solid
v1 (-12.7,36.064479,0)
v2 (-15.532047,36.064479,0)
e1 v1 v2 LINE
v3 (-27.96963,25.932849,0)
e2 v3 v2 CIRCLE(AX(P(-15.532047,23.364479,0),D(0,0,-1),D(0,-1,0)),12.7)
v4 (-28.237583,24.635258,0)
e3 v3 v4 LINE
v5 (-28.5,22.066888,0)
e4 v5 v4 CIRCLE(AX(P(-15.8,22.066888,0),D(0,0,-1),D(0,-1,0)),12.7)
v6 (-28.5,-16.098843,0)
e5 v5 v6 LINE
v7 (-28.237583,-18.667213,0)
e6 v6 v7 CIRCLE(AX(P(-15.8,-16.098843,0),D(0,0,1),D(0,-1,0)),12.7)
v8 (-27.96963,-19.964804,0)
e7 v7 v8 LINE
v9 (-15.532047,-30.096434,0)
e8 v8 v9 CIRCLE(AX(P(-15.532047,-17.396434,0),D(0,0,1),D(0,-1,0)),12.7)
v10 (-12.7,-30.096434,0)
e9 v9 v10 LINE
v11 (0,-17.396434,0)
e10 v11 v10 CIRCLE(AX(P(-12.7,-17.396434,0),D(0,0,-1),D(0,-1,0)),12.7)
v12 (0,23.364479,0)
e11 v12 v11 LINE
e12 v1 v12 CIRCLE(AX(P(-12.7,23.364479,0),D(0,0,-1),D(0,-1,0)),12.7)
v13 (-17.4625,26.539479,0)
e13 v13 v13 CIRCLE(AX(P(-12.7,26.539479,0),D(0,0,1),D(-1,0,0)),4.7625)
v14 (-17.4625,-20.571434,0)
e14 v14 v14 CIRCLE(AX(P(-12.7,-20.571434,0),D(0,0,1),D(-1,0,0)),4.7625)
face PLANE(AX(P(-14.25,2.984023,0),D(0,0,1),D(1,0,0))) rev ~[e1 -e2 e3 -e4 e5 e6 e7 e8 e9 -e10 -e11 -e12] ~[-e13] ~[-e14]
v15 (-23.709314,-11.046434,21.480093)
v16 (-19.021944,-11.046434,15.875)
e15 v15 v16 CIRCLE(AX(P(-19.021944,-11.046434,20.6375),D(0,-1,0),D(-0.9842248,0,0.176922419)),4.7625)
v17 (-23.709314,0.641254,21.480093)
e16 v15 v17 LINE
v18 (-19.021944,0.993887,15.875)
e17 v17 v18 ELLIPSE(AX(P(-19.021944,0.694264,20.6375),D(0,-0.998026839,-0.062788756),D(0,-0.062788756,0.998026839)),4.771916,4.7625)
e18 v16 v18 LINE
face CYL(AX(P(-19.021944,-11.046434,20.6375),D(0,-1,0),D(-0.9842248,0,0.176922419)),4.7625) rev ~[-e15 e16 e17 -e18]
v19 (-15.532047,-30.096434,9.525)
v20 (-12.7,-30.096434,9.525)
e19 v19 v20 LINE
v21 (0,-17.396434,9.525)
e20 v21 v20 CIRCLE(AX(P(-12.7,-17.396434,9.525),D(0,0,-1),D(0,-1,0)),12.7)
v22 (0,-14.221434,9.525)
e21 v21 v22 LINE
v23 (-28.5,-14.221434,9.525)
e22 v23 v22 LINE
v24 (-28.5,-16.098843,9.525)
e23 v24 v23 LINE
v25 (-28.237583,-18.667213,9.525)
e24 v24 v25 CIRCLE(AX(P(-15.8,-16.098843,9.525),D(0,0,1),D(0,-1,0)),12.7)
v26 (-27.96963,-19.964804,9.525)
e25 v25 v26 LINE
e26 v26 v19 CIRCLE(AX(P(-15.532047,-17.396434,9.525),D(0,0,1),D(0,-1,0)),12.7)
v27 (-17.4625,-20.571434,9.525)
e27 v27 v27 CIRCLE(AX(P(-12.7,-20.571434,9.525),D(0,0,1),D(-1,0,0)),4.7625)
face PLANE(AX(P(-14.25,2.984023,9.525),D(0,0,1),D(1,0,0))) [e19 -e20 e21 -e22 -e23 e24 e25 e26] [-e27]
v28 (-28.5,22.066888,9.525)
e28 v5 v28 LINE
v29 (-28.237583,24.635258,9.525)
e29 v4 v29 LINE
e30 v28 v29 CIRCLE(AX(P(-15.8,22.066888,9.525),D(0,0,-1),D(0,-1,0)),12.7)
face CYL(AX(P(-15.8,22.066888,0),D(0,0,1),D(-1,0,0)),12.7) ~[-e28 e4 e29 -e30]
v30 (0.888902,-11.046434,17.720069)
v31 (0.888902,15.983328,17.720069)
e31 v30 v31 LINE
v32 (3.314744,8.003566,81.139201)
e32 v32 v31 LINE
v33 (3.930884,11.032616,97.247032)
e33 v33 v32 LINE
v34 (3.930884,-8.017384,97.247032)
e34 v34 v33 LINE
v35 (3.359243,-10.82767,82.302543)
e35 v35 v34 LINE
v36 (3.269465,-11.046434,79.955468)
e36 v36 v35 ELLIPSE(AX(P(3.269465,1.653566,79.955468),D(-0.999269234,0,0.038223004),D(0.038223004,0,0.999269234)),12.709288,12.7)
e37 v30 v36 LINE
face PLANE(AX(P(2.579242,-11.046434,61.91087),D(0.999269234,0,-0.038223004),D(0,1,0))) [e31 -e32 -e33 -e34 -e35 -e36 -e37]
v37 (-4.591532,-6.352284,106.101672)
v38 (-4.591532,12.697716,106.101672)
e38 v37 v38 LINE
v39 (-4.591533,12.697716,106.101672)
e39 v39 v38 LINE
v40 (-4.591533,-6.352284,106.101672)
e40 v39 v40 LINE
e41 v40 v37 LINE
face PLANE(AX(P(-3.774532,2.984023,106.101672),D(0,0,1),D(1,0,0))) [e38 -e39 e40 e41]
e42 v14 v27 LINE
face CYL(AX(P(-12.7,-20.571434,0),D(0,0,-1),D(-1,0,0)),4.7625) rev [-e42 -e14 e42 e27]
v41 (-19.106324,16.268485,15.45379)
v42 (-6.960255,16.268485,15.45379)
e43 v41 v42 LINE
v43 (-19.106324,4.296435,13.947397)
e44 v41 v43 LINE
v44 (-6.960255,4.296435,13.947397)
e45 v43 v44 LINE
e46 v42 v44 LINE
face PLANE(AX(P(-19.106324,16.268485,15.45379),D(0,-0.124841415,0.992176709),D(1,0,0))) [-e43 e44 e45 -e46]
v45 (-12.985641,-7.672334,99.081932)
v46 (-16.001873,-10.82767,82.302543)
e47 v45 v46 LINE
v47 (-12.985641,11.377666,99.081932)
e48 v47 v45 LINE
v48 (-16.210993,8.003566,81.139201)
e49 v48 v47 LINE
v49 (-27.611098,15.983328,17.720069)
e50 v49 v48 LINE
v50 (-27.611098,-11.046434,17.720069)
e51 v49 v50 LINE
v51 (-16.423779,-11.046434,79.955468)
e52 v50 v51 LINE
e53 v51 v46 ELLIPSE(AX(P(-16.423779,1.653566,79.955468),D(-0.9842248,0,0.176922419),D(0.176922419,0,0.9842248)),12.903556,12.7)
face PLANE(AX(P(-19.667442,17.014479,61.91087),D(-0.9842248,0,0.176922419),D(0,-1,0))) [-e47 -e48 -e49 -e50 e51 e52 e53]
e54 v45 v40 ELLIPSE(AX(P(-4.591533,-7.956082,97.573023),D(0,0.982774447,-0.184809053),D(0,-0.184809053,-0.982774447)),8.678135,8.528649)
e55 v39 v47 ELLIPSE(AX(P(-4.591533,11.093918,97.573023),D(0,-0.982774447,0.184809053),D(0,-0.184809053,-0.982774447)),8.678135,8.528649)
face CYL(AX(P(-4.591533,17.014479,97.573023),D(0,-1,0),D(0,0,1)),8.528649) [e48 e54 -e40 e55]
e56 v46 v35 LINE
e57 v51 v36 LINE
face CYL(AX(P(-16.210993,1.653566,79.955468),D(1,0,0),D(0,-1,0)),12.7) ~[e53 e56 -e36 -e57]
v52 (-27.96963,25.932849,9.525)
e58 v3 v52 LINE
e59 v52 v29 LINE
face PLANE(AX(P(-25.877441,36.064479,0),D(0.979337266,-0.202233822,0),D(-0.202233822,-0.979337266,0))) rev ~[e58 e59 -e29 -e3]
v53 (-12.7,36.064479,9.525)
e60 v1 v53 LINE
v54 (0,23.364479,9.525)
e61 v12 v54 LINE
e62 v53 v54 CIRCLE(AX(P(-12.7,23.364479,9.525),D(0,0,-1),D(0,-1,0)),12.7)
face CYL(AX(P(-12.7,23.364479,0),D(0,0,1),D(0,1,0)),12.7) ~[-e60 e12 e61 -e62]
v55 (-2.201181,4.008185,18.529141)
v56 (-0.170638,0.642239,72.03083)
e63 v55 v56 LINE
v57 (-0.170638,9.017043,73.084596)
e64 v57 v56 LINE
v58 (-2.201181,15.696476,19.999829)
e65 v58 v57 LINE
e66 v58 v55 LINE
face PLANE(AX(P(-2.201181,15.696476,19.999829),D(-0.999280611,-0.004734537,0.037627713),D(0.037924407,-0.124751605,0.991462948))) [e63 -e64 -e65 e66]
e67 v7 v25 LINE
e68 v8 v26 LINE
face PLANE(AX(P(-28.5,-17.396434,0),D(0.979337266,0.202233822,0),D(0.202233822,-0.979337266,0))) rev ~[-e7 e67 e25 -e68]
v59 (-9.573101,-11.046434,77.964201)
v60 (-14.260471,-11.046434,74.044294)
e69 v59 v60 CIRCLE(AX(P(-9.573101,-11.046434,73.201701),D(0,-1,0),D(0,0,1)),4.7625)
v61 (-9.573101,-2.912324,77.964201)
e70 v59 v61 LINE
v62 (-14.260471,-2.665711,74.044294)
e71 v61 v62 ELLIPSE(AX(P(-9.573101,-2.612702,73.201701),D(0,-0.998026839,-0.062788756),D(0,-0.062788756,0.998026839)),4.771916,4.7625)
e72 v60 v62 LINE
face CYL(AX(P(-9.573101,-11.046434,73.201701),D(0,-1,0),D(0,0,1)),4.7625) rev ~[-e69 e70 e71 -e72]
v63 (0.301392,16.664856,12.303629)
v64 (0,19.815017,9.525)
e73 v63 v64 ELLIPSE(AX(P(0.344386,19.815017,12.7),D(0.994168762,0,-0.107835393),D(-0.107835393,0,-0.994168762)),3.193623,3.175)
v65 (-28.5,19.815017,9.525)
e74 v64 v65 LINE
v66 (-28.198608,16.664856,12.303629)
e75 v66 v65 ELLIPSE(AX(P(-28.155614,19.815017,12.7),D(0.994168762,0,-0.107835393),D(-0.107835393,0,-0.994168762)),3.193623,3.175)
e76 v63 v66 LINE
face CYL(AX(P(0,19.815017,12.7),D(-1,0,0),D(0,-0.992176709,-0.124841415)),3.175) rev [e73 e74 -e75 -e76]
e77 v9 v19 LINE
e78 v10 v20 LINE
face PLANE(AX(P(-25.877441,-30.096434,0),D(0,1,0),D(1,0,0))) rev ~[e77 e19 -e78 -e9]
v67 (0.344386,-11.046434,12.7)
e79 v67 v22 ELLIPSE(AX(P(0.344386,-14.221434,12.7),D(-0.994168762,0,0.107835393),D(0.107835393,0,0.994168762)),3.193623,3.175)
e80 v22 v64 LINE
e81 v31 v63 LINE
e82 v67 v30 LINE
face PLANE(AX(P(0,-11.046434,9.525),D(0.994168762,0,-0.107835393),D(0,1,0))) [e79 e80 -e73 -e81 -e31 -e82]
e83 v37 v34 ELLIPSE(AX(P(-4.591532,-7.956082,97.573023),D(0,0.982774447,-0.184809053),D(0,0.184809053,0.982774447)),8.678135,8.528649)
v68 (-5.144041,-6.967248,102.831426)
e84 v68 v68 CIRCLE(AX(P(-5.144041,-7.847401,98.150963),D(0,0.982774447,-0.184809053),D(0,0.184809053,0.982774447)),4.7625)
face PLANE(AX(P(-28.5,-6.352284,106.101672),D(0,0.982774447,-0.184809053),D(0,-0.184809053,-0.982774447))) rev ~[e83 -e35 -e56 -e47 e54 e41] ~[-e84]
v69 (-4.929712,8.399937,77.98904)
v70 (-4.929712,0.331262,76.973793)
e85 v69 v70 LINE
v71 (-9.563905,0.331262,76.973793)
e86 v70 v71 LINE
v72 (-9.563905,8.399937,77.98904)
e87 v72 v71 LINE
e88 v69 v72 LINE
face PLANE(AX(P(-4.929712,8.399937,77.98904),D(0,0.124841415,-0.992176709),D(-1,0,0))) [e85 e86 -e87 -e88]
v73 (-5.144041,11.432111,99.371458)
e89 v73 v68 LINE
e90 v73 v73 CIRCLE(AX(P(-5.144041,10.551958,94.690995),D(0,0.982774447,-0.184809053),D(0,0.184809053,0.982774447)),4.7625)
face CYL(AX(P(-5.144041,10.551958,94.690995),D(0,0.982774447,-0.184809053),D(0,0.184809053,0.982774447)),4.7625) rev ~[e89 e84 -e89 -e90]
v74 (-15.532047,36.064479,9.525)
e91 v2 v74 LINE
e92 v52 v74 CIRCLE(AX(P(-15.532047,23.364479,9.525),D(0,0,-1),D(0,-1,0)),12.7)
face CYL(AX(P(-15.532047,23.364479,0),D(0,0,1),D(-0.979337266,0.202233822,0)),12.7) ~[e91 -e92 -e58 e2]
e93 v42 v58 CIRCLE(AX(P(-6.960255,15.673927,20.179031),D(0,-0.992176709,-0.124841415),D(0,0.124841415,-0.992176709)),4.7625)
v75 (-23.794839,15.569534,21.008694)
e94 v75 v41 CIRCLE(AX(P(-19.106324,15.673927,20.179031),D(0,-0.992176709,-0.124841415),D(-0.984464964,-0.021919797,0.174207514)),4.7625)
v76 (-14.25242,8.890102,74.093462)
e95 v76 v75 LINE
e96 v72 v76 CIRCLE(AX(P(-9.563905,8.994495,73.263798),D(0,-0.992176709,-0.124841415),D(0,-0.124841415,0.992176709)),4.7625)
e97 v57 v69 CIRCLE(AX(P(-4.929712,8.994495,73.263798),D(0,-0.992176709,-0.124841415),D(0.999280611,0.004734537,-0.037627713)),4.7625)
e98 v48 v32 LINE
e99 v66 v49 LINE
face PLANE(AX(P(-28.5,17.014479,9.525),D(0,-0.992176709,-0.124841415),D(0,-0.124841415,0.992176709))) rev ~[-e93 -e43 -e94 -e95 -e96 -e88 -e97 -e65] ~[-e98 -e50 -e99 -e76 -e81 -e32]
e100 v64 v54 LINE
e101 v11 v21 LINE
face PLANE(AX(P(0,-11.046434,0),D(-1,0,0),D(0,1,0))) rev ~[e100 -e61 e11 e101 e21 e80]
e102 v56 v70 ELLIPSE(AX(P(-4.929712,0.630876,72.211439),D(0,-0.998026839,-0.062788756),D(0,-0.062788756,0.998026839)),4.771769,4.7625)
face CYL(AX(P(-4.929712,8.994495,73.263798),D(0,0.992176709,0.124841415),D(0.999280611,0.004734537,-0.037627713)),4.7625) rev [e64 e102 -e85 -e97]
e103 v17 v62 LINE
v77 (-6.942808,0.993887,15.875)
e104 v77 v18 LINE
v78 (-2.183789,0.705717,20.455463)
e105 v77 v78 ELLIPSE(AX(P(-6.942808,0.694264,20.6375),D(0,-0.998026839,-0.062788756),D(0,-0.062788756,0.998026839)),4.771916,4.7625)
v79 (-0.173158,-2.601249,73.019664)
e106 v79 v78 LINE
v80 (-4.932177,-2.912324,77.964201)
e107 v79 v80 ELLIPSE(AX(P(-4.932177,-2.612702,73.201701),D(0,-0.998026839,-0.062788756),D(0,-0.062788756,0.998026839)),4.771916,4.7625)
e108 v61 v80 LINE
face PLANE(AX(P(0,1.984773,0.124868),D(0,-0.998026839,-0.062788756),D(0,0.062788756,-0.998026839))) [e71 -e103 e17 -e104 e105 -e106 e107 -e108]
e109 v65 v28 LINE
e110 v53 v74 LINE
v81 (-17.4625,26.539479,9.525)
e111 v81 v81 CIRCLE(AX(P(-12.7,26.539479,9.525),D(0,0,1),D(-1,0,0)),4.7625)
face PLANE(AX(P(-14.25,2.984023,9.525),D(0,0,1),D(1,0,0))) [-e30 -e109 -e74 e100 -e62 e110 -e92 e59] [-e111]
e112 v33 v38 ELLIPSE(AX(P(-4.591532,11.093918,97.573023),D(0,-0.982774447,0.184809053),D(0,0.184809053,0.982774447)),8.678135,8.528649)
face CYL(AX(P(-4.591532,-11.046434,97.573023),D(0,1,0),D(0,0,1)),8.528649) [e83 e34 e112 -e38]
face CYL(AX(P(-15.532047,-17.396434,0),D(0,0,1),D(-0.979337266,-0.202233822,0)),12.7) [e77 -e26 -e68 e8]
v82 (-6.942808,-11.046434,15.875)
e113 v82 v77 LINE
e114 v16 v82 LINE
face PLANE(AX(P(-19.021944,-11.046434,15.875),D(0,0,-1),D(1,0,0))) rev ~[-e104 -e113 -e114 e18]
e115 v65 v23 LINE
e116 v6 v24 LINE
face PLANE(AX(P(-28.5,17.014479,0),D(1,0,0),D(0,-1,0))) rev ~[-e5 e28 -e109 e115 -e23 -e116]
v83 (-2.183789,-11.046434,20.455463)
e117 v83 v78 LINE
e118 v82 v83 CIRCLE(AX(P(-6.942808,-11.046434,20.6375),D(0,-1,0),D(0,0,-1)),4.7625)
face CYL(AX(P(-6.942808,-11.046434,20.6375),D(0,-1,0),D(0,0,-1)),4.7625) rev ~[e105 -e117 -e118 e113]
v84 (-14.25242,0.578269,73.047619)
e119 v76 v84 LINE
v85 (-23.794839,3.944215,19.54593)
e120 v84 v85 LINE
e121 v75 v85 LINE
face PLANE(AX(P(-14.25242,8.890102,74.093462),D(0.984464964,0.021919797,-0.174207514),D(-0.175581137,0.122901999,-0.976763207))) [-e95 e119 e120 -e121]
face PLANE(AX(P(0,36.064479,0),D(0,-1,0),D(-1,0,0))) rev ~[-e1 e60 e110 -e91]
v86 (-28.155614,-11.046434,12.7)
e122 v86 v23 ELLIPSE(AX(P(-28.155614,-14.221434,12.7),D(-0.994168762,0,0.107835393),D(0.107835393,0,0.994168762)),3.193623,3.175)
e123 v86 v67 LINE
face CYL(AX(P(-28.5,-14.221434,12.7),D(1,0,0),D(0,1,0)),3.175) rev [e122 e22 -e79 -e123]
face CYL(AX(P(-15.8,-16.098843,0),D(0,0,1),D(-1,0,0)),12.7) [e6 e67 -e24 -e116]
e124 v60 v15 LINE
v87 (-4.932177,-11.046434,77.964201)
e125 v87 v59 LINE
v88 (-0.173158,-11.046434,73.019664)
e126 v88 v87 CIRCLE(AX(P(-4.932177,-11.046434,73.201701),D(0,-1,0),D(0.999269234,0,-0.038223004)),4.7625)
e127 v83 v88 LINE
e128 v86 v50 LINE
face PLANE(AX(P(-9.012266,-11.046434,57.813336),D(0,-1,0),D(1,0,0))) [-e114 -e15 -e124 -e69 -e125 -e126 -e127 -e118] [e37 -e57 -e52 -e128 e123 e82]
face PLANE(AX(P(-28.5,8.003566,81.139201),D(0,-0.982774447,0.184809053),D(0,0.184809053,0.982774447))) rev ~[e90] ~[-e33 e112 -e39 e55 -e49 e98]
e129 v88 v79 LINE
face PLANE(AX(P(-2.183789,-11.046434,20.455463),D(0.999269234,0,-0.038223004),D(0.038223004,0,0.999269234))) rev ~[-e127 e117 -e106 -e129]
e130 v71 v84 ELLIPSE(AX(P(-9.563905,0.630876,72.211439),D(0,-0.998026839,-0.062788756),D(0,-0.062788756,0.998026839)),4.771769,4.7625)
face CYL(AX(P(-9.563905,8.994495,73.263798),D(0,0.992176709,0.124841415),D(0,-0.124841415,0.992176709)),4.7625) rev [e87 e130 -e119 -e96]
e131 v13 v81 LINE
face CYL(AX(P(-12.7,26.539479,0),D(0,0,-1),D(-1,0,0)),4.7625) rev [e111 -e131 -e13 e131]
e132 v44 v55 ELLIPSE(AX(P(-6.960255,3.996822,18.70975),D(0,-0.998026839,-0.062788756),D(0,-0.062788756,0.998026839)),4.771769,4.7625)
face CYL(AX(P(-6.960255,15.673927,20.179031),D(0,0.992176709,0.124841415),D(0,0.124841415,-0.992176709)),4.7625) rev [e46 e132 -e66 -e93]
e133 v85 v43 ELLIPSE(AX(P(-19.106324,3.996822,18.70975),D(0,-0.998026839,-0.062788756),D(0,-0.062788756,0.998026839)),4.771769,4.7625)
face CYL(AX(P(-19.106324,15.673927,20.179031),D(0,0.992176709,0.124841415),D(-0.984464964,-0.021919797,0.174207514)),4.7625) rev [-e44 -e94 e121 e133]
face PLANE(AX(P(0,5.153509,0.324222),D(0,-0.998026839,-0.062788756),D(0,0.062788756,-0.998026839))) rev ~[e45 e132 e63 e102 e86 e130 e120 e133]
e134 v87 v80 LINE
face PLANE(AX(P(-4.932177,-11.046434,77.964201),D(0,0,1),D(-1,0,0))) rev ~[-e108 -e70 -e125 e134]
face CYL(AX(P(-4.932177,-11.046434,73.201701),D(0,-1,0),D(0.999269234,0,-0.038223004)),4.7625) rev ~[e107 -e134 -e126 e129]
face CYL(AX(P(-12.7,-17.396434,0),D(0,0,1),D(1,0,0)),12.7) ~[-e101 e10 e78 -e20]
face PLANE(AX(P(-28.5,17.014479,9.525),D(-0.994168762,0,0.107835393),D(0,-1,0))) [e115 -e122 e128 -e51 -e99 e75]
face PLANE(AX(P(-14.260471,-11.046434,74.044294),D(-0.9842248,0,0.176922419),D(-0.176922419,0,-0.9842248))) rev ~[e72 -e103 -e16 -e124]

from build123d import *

# Parameters (mm, degrees)
SKETCH1_R           = 4.762499999999989
SKETCH1_R_2         = 4.762500000000005
BOSS_EXTRUDE1_DEPTH = 9.525
CHAMFER1_SIZE       = 88.89999999999999
CHAMFER1_SIZE2      = 6.20588556630559
CHAMFER2_SIZE       = 88.89999999999999
CHAMFER2_SIZE2      = 6.300746042301969
FILLET1_R           = 8.528649
CUT_EXTRUDE2_DEPTH  = 117.6635246642072
FILLET4_R           = 3.175
CUT_EXTRUDE3_REACH  = 119.909
FILLET5_R           = 12.7
FILLET6_R           = 12.7
SKETCH15_R          = 4.7624999999999975
CUT_EXTRUDE7_DEPTH  = 117.82072113018388
FILLET9_R           = 12.7
CUT_EXTRUDE8_REACH  = 121.538
FILLET10_R          = 12.7


with BuildPart() as part:
    # Sketch1 → Boss-Extrude1 (new body)
    # profile 1 of 3: a face of its own
    with BuildSketch(Plane.XY):
        Polygon((-28.50000000000001, 23.36447913627793), (-28.500000000000007, 17.01447913627793), (-1.421e-14, 17.01447913627793), (-1.388e-14, 36.06447913627791), (-25.877441230163292, 36.06447913627793), align=None)
        with Locations(Location((-12.700000000000017, 26.539479136277926, 0), (0, 0, 180))):
            Circle(SKETCH1_R, mode=Mode.SUBTRACT)
    # profile 2 of 3: a face of its own
    with BuildSketch(Plane.XY):
        Polygon((1.421e-14, -11.046434023496033), (-28.499999999999996, -11.046434023496033), (-28.499999999999996, -17.396434023496035), (-25.877441230163278, -30.09643402349603), (1.421e-14, -30.09643402349603), align=None)
        with Locations(Location((-12.699999999999989, -20.571434023496032, 0), (0, 0, 180))):
            Circle(SKETCH1_R_2, mode=Mode.SUBTRACT)
    # profile 3 of 3: a face of its own
    with BuildSketch(Plane.XY):
        Polygon((-28.500000000000007, 17.01447913627793), (-28.5, -11.046434023496033), (1.421e-14, -11.046434023496033), (-5.89e-15, 17.014479136277927), align=None)
    extrude(amount=BOSS_EXTRUDE1_DEPTH)

    # Sweep1: sweep along a path in Sketch4
    with BuildLine(Plane(origin=(0, -11.046434023496033, 0), x_dir=(1, 0, 0), z_dir=(0, 1, 0))) as sweep1_path:
        Line((-14.249999999999991, -9.525), (-5.144041152540681, -93.4757286489478))
        Line((-5.144041152540681, -93.4757286489478), (-3.7745316583277084, -106.10167193035296))
    # Sketch3 → Sweep1 (sweep)
    with BuildSketch(Plane.XY.offset(9.525)):
        Polygon((-28.499999999999996, -11.046434023496033), (1.388e-14, -11.046434023496033), (-1.388e-14, 17.01447913627793), (-28.50000000000001, 17.01447913627793), align=None)
    sweep(path=sweep1_path.line)

    # Chamfer1
    chamfer1_edges = [part.edges().sort_by_distance(p)[0] for p in [
        (10.475468341672286, 2.9840225563909506, 106.10167193035296),
    ]]
    chamfer1_side = [part.faces().sort_by_distance(p)[0] for p in [
        (5.237734170836156, 2.9840225563909497, 57.813335965176485),
    ]]
    chamfer(chamfer1_edges, length=CHAMFER1_SIZE, length2=CHAMFER1_SIZE2, reference=chamfer1_side[0])

    # Chamfer2
    chamfer2_edges = [part.edges().sort_by_distance(p)[0] for p in [
        (-18.02453165832772, 2.984022556390949, 106.10167193035296),
    ]]
    chamfer2_side = [part.faces().sort_by_distance(p)[0] for p in [
        (-23.26226582916385, 2.9840225563909497, 57.813335965176506),
    ]]
    chamfer(chamfer2_edges, length=CHAMFER2_SIZE, length2=CHAMFER2_SIZE2, reference=chamfer2_side[0])

    # Fillet1
    fillet1_edges = [part.edges().sort_by_distance(p)[0] for p in [
        (4.269582775366721, 2.984022556390949, 106.10167193035296),
        (-11.72378561602573, 2.984022556390949, 106.10167193035296),
    ]]
    fillet(fillet1_edges, radius=FILLET1_R)

    # Sketch6 → Cut-Extrude2 (cut, through all)
    with BuildSketch(Plane.ZY.offset(28.500000000000004)):
        Polygon((81.13920097504592, 8.003565976503973), (106.10167193035296, 12.697715932081872), (106.10167193035296, -6.352284067918128), (81.13920097504591, -11.046434023496026), (117.96042684070639, -22.85606140259037), (128.32769329374543, 30.37810454166645), (17.720068960516624, 36.90132837728653), (9.525, 17.01447913627794), align=None)
    extrude(amount=-CUT_EXTRUDE2_DEPTH, mode=Mode.SUBTRACT)

    # Fillet4
    fillet4_edges = [part.edges().sort_by_distance(p)[0] for p in [
        (-14.249999999999995, -11.046434023496033, 9.525),
        (-14.25000000000001, 17.01447913627793, 9.525),
    ]]
    fillet(fillet4_edges, radius=FILLET4_R)

    # Cut-Extrude3: up to this plane
    cut_extrude3_end = Plane(origin=(-1.02e-15, 5.153508696821327, 0.3242221424168255), z_dir=(0, -0.9980268393792456, -0.06278875598921893))
    # Sketch8 → Cut-Extrude3 (cut, up to the surface)
    with BuildSketch(Plane(origin=(-6.1e-15, 17.929113719354145, 2.255944834364728), x_dir=(1, 3.4e-16, 4e-17), z_dir=(0, 0.9921767086467868, 0.12484141467810073)), mode=Mode.PRIVATE) as cut_extrude3_sk1:
        with BuildLine():
            ThreePointArc((-6.960254723021977, -13.301909437066078), (-3.6571329134227537, -14.633550570696002), (-2.2011808134518622, -17.88379445084032))
            Line((-2.2011808134518622, -17.88379445084032), (-0.1706376662483526, -71.38713388044914))
            ThreePointArc((-0.1706376662483526, -71.38713388044914), (-1.4988527094483572, -74.87087067627415), (-4.929711575818469, -76.33024886667496))
            Line((-4.929711575818469, -76.33024886667496), (-9.56390547472291, -76.33024886667496))
            ThreePointArc((-9.56390547472291, -76.33024886667496), (-12.621598981127008, -75.21903859372955), (-14.252419863558515, -72.40395403030512))
            Line((-14.252419863558515, -72.40395403030512), (-23.79483884579154, -18.9006146006963))
            ThreePointArc((-23.79483884579154, -18.9006146006963), (-22.75761418401056, -15.006715930662008), (-19.10632445695593, -13.301909437066078))
            Line((-19.10632445695593, -13.301909437066078), (-6.960254723021977, -13.301909437066078))
        make_face()
    cut_extrude3_tool1 = split(extrude(cut_extrude3_sk1.sketch, amount=-CUT_EXTRUDE3_REACH, mode=Mode.PRIVATE), bisect_by=cut_extrude3_end, keep=Keep.BOTH, mode=Mode.PRIVATE)
    add(cut_extrude3_tool1.solids().sort_by_distance((-10.437775, 12.651733, 44.197908))[0], mode=Mode.SUBTRACT)

    # Fillet5
    fillet5_edges = [part.edges().sort_by_distance(p)[0] for p in [
        (-28.50000000000001, 23.36447913627793, 4.7625),
    ]]
    fillet(fillet5_edges, radius=FILLET5_R)

    # Fillet6
    fillet6_edges = [part.edges().sort_by_distance(p)[0] for p in [
        (-1.404e-14, 36.06447913627791, 4.7625),
        (-25.877441230163292, 36.06447913627793, 4.7625),
    ]]
    fillet(fillet6_edges, radius=FILLET6_R)

    # Sketch15 → Cut-Extrude7 (cut, through all)
    with BuildSketch(Plane(origin=(2.39e-15, -7.006748203781874, 1.317607012078891), x_dir=(1, 3.3e-16, -6e-17), z_dir=(0, 0.9827744470593327, -0.18480905336920886))):
        with Locations(Location((-5.144041152540709, -95.00998731918351, 0), (0, 0, 270))):
            Circle(SKETCH15_R)
    extrude(amount=-CUT_EXTRUDE7_DEPTH, mode=Mode.SUBTRACT)

    # Fillet9
    fillet9_edges = [part.edges().sort_by_distance(p)[0] for p in [
        (1.404e-14, -30.09643402349603, 4.7625),
        (-25.877441230163278, -30.09643402349603, 4.7625),
        (-28.499999999999996, -17.396434023496035, 4.7625),
    ]]
    fillet(fillet9_edges, radius=FILLET9_R)

    # Cut-Extrude8: up to this plane
    cut_extrude8_end = Plane(origin=(-3.9e-16, 1.9847734817922233, 0.12486784215105542), z_dir=(0, -0.9980268393792456, -0.06278875598921893))
    # Sketch16 → Cut-Extrude8 (cut, up to the surface)
    with BuildSketch(Plane.XZ.offset(11.046434023496033), mode=Mode.PRIVATE) as cut_extrude8_sk1:
        with BuildLine():
            Line((-19.021943533629052, 15.875), (-6.942808285990063, 15.874999999999996))
            ThreePointArc((-6.942808285990063, 15.874999999999996), (-3.6401991085921965, 17.206147661436145), (-2.183788559280739, 20.455462941157986))
            Line((-2.183788559280739, 20.455462941157986), (-0.17315756899978269, 73.01966391620381))
            ThreePointArc((-0.17315756899978269, 73.01966391620381), (-1.5008249571452126, 76.50431015244372), (-4.932177295709103, 77.9642009750459))
            Line((-4.932177295709103, 77.9642009750459), (-9.573100570431755, 77.9642009750459))
            ThreePointArc((-9.573100570431755, 77.9642009750459), (-12.628305718550124, 76.85507308214247), (-14.260471182334522, 74.04429399464112))
            Line((-14.260471182334522, 74.04429399464112), (-23.709314145531817, 21.480093019595273))
            ThreePointArc((-23.709314145531817, 21.480093019595273), (-22.67531564072565, 17.582294851881656), (-19.021943533629052, 15.875))
        make_face()
    cut_extrude8_tool1 = split(extrude(cut_extrude8_sk1.sketch, amount=-CUT_EXTRUDE8_REACH, mode=Mode.PRIVATE), bisect_by=cut_extrude8_end, keep=Keep.BOTH, mode=Mode.PRIVATE)
    add(cut_extrude8_tool1.solids().sort_by_distance((-10.411854, -11.046434, 44.429711))[0], mode=Mode.SUBTRACT)

    # Fillet10
    fillet10_edges = [part.edges().sort_by_distance(p)[0] for p in [
        (-6.448124287799661, -11.046434023496028, 81.13920097504591),
    ]]
    fillet(fillet10_edges, radius=FILLET10_R)


solid = part.part
